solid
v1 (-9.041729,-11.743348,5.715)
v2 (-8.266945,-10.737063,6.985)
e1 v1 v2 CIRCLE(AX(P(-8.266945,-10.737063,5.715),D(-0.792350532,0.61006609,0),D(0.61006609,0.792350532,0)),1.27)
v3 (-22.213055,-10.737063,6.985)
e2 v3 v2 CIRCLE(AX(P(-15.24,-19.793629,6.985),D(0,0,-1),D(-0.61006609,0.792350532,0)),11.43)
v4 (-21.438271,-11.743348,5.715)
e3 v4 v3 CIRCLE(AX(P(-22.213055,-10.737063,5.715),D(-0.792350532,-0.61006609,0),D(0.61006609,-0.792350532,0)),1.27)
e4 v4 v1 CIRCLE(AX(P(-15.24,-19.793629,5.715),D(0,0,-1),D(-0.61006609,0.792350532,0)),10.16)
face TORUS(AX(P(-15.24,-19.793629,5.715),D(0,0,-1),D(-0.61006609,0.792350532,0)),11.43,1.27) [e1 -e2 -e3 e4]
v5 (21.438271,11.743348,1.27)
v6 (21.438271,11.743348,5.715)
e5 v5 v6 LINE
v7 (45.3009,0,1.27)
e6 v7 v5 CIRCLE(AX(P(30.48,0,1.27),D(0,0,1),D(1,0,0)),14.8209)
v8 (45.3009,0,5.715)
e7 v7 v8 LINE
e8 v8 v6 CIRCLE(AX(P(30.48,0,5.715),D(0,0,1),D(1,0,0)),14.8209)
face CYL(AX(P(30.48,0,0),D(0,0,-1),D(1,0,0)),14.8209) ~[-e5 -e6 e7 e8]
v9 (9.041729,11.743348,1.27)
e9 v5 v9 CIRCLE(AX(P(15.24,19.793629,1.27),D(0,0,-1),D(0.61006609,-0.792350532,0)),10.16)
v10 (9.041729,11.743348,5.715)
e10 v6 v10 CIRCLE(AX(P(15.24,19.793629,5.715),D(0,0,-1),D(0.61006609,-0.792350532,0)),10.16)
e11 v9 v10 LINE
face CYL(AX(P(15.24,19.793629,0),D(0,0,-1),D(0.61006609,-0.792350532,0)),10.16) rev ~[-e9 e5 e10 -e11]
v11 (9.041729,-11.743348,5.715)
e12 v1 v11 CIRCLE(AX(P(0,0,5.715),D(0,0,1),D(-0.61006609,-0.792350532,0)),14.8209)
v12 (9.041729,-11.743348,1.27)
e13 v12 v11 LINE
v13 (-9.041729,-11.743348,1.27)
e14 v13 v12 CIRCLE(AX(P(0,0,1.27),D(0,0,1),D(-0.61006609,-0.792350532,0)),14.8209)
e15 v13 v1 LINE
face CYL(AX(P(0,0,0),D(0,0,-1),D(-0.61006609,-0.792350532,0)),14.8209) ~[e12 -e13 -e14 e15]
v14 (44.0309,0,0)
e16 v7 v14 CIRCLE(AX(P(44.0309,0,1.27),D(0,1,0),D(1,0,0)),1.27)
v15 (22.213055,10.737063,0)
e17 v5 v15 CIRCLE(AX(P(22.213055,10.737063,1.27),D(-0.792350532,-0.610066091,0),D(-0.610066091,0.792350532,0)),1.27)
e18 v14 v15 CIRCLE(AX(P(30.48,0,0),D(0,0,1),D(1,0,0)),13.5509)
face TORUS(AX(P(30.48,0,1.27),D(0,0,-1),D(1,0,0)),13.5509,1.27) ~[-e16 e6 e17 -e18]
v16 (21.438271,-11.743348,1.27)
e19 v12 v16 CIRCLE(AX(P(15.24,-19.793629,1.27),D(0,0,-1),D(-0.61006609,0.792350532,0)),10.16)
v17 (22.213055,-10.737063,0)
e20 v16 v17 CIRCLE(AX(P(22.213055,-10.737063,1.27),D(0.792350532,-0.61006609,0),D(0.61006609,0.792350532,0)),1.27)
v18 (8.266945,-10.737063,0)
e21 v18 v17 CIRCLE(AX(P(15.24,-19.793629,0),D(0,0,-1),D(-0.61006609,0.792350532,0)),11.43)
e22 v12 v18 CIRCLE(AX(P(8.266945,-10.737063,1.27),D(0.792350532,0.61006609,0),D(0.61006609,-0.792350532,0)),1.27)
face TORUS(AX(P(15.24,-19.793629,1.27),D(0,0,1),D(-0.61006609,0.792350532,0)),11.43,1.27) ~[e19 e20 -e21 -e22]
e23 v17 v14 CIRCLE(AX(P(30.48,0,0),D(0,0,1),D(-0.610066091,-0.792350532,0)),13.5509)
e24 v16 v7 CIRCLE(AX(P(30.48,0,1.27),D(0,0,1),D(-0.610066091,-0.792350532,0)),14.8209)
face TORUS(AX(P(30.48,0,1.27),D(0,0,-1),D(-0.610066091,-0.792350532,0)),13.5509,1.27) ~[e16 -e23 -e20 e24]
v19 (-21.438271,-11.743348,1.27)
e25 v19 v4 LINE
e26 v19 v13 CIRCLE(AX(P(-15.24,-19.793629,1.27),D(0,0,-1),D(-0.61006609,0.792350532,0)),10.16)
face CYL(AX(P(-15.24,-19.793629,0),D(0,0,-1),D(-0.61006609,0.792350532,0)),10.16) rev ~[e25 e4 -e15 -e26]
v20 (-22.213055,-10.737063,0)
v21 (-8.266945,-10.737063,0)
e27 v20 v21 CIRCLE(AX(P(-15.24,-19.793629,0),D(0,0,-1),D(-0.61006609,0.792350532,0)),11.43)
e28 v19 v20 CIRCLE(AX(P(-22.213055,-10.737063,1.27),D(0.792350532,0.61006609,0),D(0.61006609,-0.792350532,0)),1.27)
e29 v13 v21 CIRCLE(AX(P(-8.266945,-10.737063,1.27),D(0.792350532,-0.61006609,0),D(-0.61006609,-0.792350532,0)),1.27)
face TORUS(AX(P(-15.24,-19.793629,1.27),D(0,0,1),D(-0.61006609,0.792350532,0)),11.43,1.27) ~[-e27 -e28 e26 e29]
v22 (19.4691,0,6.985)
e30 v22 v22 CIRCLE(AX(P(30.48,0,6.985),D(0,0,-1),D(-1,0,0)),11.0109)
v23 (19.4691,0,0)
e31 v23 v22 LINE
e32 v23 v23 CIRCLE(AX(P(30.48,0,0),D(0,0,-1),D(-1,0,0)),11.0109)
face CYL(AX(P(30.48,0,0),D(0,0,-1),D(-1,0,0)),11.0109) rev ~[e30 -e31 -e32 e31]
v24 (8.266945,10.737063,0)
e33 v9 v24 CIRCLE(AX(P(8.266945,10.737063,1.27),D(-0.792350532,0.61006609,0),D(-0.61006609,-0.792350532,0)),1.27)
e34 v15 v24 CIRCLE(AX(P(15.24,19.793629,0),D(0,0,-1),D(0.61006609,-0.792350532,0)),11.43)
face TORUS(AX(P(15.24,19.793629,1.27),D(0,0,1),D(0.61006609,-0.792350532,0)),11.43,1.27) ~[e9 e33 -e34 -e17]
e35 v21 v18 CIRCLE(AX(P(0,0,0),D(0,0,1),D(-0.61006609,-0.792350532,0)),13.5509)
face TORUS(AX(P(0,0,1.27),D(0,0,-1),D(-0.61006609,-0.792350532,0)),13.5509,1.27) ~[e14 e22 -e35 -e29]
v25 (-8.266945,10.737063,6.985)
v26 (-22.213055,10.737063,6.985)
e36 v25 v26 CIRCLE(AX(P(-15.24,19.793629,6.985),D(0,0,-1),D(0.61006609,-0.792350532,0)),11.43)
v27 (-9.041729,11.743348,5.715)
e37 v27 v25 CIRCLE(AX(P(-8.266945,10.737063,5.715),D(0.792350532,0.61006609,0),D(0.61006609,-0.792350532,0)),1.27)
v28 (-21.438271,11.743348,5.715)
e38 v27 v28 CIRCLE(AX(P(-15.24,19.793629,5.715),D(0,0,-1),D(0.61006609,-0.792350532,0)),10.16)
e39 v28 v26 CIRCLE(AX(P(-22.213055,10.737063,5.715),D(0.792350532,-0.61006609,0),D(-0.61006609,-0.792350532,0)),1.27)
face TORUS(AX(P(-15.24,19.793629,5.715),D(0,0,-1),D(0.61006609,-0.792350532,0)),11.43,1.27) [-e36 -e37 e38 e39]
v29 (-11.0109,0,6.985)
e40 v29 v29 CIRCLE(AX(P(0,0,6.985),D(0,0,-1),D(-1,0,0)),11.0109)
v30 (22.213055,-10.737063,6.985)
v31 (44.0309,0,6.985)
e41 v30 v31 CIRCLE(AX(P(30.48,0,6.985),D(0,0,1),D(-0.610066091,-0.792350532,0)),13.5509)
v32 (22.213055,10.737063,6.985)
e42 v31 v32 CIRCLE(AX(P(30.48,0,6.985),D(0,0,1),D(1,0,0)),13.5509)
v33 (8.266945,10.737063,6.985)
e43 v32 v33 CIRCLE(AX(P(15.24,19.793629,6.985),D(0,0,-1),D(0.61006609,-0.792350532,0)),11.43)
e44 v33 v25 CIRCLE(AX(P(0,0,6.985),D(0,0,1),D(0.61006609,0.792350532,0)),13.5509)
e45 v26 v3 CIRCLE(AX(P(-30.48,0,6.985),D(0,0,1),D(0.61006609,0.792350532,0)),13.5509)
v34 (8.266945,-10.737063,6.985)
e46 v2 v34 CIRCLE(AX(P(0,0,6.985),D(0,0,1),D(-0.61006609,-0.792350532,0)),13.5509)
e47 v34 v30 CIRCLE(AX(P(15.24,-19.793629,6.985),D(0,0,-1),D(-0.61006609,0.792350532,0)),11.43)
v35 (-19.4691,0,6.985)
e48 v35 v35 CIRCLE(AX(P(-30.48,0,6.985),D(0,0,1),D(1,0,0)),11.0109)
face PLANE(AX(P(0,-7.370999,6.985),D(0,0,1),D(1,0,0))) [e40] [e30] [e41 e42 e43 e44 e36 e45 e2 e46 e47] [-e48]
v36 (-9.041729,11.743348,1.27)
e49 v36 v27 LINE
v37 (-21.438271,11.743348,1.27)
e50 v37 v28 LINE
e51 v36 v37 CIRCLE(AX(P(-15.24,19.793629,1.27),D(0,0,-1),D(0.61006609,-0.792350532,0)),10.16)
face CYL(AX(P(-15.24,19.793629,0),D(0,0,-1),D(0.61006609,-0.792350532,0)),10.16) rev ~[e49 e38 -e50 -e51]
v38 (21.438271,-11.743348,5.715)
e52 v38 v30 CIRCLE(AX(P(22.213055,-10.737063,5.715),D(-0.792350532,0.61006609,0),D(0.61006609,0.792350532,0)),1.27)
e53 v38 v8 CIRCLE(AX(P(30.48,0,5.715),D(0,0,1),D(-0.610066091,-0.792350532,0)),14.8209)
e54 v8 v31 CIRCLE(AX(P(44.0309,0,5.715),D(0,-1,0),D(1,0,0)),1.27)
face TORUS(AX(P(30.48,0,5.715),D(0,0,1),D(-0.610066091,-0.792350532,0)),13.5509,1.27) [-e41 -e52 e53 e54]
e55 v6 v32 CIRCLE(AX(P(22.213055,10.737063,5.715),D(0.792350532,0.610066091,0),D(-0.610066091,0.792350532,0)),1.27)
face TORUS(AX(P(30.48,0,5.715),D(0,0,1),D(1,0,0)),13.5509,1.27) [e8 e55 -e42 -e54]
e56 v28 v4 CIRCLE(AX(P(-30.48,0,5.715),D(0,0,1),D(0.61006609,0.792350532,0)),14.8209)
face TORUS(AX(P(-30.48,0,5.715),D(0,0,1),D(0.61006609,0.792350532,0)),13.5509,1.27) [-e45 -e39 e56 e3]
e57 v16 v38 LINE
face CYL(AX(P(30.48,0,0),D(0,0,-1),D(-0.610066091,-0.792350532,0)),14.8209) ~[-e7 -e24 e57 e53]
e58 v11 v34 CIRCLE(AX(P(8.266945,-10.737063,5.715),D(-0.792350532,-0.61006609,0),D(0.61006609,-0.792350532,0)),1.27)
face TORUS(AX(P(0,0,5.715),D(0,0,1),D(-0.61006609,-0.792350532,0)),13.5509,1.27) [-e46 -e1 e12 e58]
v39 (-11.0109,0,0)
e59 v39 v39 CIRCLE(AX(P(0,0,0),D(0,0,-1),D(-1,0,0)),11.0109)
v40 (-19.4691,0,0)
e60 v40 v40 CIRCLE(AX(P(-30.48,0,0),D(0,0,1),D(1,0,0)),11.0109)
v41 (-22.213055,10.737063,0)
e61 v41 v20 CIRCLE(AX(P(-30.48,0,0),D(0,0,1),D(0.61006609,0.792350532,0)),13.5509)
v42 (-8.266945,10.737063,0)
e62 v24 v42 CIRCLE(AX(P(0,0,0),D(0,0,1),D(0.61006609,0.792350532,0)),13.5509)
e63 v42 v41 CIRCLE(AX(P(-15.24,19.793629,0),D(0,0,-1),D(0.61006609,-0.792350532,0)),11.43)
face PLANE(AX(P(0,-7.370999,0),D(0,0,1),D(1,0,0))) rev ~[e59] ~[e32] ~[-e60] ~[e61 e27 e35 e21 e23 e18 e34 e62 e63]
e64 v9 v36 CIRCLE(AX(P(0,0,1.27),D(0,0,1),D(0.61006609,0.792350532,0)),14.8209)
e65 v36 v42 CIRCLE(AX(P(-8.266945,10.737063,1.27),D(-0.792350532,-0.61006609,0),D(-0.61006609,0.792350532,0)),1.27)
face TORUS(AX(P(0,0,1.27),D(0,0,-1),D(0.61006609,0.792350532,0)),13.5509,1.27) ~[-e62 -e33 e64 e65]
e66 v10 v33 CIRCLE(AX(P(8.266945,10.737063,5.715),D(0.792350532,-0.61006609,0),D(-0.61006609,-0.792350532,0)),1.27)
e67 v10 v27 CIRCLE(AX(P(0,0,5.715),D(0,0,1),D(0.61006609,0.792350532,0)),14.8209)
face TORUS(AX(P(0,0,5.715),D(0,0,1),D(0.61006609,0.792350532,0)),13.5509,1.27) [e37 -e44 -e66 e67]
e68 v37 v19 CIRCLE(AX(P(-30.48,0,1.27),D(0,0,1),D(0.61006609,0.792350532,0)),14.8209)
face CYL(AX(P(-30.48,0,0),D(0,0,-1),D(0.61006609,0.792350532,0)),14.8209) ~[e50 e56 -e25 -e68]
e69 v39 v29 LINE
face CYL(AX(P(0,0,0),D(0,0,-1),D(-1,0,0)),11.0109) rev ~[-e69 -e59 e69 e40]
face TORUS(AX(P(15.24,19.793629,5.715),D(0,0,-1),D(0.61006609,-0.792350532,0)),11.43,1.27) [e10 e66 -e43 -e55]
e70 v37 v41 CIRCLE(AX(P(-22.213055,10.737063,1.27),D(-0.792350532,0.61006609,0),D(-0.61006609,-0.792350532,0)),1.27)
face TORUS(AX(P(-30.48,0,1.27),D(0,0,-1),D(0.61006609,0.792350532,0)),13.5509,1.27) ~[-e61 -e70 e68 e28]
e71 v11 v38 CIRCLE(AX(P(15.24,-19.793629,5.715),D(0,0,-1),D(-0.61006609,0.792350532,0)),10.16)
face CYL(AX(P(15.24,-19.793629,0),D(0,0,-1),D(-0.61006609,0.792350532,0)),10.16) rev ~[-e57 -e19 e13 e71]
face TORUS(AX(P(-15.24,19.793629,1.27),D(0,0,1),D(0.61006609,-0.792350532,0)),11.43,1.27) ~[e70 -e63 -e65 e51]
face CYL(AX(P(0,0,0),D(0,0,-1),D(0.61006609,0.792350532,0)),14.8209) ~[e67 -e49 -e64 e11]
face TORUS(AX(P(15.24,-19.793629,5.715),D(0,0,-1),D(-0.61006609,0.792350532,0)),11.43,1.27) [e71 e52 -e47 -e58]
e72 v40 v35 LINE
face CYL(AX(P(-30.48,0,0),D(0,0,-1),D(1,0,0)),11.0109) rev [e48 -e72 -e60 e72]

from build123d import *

# Parameters (mm, degrees)
F0_R     = 11.0109
F1_DEPTH = 6.985
F2_R     = 1.27
F3_R     = 1.27


with BuildPart() as f1:
    # F0 (on Top) → F1 (new body)
    with BuildSketch(Plane.XY):
        with BuildLine():
            Line((14.8209, 0), (11.0109, 0))
            ThreePointArc((11.0109, 0), (0, -11.0109), (-11.0109, 0))
            Line((-11.0109, 0), (-14.8209, 0))
            ThreePointArc((-14.8209, 0), (-13.2978500338, -6.5441776634), (-9.0417285206, -11.7433479966))
            ThreePointArc((-9.0417285206, -11.7433479966), (0, -14.8209), (9.0417285206, -11.7433479966))
            ThreePointArc((9.0417285206, -11.7433479966), (13.2978500338, -6.5441776634), (14.8209, 0))
        make_face()
        with BuildLine():
            ThreePointArc((-11.0109, 0), (0, 11.0109), (11.0109, 0))
            Line((11.0109, 0), (14.8209, 0))
            ThreePointArc((14.8209, 0), (13.2978500338, 6.5441776634), (9.0417285206, 11.7433479966))
            ThreePointArc((9.0417285206, 11.7433479966), (0, 14.8209), (-9.0417285206, 11.7433479966))
            ThreePointArc((-9.0417285206, 11.7433479966), (-13.2978500338, 6.5441776634), (-14.8209, 0))
            Line((-14.8209, 0), (-11.0109, 0))
        make_face()
        with BuildLine():
            ThreePointArc((9.0417285206, 11.7433479966), (13.2978500338, 6.5441776634), (14.8209, 0))
            Line((14.8209, 0), (15.6591, 0))
            ThreePointArc((15.6591, 0), (17.1821499662, 6.5441776634), (21.4382714794, 11.7433479966))
            ThreePointArc((21.4382714794, 11.7433479966), (15.24, 9.6336293996), (9.0417285206, 11.7433479966))
        make_face()
        with BuildLine():
            Line((15.6591, 0), (14.8209, 0))
            ThreePointArc((14.8209, 0), (13.2978500338, -6.5441776634), (9.0417285206, -11.7433479966))
            ThreePointArc((9.0417285206, -11.7433479966), (15.24, -9.6336293996), (21.4382714794, -11.7433479966))
            ThreePointArc((21.4382714794, -11.7433479966), (17.1821499662, -6.5441776634), (15.6591, 0))
        make_face()
        with BuildLine():
            ThreePointArc((-9.0417285206, -11.7433479966), (-13.2978500338, -6.5441776634), (-14.8209, 0))
            Line((-14.8209, 0), (-15.6591, 0))
            ThreePointArc((-15.6591, 0), (-17.1821499662, -6.5441776634), (-21.4382714794, -11.7433479966))
            ThreePointArc((-21.4382714794, -11.7433479966), (-15.24, -9.6336293996), (-9.0417285206, -11.7433479966))
        make_face()
        with BuildLine():
            Line((-15.6591, 0), (-14.8209, 0))
            ThreePointArc((-14.8209, 0), (-13.2978500338, 6.5441776634), (-9.0417285206, 11.7433479966))
            ThreePointArc((-9.0417285206, 11.7433479966), (-15.24, 9.6336293996), (-21.4382714794, 11.7433479966))
            ThreePointArc((-21.4382714794, 11.7433479966), (-17.1821499662, 6.5441776634), (-15.6591, 0))
        make_face()
        with BuildLine():
            ThreePointArc((21.4382714794, 11.7433479966), (17.1821499662, 6.5441776634), (15.6591, 0))
            ThreePointArc((15.6591, 0), (17.1821499662, -6.5441776634), (21.4382714794, -11.7433479966))
            ThreePointArc((21.4382714794, -11.7433479966), (37.0241776634, -13.2978500338), (45.3009, 0))
            ThreePointArc((45.3009, 0), (37.0241776634, 13.2978500338), (21.4382714794, 11.7433479966))
        make_face()
        with BuildLine():
            ThreePointArc((41.4909, 0), (30.48, -11.0109), (19.4691, 0))
            ThreePointArc((19.4691, 0), (30.48, 11.0109), (41.4909, 0))
        make_face(mode=Mode.SUBTRACT)
        with BuildLine():
            ThreePointArc((-21.4382714794, -11.7433479966), (-17.1821499662, -6.5441776634), (-15.6591, 0))
            ThreePointArc((-15.6591, 0), (-17.1821499662, 6.5441776634), (-21.4382714794, 11.7433479966))
            ThreePointArc((-21.4382714794, 11.7433479966), (-45.3009, 0), (-21.4382714794, -11.7433479966))
        make_face()
        with Locations((-30.48, 0)):
            Circle(F0_R, mode=Mode.SUBTRACT)
    extrude(amount=F1_DEPTH)

    # F2
    f2_edges = [f1.edges().sort_by_distance(p)[0] for p in [
        (-21.438271, -11.743348, 3.4925),
        (-15.24, 9.633629, 6.985),
    ]]
    fillet(f2_edges, radius=F2_R)

    # F3
    f3_edges = [f1.edges().sort_by_distance(p)[0] for p in [
        (0, -14.8209, 0),
    ]]
    fillet(f3_edges, radius=F3_R)


solid = f1.part
